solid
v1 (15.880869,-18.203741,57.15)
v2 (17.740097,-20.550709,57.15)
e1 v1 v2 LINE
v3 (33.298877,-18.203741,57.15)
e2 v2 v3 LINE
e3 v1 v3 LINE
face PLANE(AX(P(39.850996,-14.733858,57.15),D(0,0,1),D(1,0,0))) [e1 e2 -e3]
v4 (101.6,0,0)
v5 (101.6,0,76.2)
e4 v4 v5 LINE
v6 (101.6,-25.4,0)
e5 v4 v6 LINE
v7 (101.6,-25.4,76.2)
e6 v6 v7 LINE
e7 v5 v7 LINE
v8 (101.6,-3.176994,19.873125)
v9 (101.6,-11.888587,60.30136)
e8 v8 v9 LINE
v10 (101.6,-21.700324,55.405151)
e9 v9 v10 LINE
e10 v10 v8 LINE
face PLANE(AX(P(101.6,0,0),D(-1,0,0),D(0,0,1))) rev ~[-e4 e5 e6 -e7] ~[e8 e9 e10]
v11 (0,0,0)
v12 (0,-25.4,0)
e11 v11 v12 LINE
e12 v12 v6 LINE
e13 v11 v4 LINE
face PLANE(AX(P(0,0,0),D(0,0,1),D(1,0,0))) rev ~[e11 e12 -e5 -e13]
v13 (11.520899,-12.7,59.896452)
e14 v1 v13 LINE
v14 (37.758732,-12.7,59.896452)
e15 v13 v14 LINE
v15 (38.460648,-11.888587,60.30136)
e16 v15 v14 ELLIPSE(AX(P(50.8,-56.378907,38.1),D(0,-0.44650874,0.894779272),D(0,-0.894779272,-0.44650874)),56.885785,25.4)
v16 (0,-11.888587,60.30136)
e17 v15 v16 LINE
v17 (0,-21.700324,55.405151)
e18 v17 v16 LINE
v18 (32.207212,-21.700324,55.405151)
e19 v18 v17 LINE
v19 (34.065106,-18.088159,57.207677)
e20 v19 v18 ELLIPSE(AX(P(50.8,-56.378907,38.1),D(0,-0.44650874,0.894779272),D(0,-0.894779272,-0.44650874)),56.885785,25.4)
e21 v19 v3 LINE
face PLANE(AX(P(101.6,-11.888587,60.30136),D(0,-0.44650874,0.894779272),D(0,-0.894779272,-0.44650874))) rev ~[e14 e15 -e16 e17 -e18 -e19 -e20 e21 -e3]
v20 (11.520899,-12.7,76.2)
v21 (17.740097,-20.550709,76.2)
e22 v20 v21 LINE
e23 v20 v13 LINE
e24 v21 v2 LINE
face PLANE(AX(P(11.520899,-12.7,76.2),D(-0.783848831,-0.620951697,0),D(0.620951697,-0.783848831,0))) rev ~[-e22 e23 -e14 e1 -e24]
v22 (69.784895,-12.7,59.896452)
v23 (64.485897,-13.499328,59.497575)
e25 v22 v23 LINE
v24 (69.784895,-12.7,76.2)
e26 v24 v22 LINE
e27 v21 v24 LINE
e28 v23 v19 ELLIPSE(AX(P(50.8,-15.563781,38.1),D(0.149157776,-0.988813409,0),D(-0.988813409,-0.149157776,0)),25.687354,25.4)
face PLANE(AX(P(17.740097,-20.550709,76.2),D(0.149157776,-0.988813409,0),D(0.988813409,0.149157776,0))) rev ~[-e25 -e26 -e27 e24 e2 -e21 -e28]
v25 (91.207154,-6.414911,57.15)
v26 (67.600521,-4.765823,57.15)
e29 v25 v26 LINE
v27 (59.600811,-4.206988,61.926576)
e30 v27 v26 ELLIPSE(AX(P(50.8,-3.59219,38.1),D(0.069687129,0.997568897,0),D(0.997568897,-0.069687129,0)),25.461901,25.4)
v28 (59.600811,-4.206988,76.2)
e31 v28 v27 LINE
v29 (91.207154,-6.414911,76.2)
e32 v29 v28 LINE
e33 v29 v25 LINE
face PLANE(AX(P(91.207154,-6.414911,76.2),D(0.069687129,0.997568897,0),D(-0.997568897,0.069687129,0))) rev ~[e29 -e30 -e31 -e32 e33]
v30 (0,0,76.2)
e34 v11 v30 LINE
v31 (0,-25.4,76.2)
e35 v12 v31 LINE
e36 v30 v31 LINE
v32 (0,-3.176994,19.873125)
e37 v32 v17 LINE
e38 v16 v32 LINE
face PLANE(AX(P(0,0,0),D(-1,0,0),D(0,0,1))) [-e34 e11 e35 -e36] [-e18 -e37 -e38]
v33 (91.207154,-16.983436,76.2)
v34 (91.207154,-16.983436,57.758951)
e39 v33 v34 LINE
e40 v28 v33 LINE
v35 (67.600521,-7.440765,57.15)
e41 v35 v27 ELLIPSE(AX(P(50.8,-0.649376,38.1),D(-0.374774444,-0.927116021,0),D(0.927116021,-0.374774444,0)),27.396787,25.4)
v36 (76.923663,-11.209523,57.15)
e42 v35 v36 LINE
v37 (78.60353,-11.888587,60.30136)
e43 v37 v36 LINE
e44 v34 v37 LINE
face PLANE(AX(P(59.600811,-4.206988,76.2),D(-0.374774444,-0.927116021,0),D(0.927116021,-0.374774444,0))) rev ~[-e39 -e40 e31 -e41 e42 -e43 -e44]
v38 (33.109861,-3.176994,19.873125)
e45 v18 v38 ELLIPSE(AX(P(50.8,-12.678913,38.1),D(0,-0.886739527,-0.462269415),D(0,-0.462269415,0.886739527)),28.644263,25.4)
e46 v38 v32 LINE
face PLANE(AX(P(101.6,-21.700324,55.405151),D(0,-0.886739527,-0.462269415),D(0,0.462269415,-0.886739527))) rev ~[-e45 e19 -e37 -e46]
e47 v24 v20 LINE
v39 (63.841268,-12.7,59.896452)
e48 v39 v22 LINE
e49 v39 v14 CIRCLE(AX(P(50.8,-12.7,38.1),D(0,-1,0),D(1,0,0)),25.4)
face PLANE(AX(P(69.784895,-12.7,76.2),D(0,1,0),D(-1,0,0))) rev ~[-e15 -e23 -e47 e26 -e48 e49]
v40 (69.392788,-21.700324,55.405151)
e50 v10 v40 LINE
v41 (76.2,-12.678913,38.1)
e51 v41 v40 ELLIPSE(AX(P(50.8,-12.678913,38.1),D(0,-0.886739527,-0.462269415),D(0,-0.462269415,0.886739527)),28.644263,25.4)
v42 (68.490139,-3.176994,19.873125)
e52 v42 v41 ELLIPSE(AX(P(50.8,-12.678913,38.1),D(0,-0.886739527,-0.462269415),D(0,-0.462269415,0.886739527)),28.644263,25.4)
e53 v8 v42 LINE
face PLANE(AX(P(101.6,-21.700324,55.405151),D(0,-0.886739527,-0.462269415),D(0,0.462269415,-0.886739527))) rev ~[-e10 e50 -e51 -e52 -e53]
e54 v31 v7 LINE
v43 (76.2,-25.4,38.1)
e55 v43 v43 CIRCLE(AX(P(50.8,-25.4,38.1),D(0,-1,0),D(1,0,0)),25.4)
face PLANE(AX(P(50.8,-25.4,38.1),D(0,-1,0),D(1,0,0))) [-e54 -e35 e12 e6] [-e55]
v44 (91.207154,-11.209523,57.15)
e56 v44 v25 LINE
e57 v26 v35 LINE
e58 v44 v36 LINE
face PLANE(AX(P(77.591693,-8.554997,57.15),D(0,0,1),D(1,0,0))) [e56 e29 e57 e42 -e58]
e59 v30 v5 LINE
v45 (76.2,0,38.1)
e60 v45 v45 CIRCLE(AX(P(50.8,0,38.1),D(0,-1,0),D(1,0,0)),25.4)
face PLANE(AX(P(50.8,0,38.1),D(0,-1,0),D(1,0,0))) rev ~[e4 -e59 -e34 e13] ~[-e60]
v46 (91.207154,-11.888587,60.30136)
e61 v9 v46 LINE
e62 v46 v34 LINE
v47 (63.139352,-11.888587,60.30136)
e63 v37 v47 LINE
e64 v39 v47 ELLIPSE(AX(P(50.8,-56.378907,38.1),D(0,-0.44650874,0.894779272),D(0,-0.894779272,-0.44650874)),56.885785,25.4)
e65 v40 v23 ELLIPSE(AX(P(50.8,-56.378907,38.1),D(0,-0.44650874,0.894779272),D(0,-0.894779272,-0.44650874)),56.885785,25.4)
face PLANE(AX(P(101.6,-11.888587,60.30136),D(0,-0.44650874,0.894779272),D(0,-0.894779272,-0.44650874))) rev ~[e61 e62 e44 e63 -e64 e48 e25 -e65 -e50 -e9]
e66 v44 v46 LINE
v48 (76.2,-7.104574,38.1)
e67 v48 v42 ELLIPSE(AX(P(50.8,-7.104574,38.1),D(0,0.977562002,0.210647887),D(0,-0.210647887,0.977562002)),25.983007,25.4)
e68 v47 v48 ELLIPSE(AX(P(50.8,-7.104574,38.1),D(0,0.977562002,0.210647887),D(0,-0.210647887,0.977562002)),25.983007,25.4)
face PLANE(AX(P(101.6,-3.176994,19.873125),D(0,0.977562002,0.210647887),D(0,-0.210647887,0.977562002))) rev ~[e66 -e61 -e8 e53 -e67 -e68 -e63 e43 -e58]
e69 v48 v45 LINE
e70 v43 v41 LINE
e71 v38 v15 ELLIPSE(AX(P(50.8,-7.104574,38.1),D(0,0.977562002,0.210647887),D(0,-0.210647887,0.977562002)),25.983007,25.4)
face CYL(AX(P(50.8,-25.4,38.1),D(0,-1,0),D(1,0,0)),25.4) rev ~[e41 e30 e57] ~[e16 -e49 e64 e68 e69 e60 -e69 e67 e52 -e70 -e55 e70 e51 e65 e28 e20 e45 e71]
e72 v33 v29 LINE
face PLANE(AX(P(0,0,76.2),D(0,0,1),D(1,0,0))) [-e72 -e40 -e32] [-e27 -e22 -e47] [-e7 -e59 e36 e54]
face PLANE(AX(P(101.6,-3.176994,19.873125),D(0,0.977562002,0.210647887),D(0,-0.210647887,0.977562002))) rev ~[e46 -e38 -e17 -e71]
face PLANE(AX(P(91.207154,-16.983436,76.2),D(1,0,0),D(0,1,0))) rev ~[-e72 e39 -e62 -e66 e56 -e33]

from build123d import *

# Parameters (mm, degrees)
F0_W     = 101.6
F0_H     = 76.2
F1_DEPTH = 25.4
F2_R     = 25.4
F3_DEPTH = 25.401
F5_DEPTH = 19.05
F7_DEPTH = 19.05
F9_DEPTH = 101.601


with BuildPart() as f1:
    # F0 (on Front) → F1 (new body)
    with BuildSketch(Plane.XZ):
        with Locations((50.8, 38.1)):
            Rectangle(F0_W, F0_H)
    extrude(amount=F1_DEPTH)

    # F2 (on face) → F3 (cut, through all)
    with BuildSketch(Plane.XZ.offset(25.4)):
        with Locations((50.8, 38.1)):
            Circle(F2_R)
    extrude(amount=-F3_DEPTH, mode=Mode.SUBTRACT)

    # F4 (on face) → F5 (cut)
    with BuildSketch(Plane.XY.offset(76.2)):
        Polygon((69.784895, -12.7), (11.520899, -12.7), (17.740097, -20.550709), align=None)
    extrude(amount=-F5_DEPTH, mode=Mode.SUBTRACT)

    # F6 (on face) → F7 (cut)
    with BuildSketch(Plane.XY.offset(76.2)):
        Polygon((59.600811, -4.206988), (91.207154, -16.983436), (91.207154, -6.414911), align=None)
    extrude(amount=-F7_DEPTH, mode=Mode.SUBTRACT)

    # F8 (on face) → F9 (cut, through all)
    with BuildSketch(Plane.YZ.offset(101.6)):
        Polygon((-3.176994, 19.873125), (-11.888587, 60.30136), (-21.700324, 55.405151), align=None)
    extrude(amount=-F9_DEPTH, mode=Mode.SUBTRACT)


solid = f1.part
